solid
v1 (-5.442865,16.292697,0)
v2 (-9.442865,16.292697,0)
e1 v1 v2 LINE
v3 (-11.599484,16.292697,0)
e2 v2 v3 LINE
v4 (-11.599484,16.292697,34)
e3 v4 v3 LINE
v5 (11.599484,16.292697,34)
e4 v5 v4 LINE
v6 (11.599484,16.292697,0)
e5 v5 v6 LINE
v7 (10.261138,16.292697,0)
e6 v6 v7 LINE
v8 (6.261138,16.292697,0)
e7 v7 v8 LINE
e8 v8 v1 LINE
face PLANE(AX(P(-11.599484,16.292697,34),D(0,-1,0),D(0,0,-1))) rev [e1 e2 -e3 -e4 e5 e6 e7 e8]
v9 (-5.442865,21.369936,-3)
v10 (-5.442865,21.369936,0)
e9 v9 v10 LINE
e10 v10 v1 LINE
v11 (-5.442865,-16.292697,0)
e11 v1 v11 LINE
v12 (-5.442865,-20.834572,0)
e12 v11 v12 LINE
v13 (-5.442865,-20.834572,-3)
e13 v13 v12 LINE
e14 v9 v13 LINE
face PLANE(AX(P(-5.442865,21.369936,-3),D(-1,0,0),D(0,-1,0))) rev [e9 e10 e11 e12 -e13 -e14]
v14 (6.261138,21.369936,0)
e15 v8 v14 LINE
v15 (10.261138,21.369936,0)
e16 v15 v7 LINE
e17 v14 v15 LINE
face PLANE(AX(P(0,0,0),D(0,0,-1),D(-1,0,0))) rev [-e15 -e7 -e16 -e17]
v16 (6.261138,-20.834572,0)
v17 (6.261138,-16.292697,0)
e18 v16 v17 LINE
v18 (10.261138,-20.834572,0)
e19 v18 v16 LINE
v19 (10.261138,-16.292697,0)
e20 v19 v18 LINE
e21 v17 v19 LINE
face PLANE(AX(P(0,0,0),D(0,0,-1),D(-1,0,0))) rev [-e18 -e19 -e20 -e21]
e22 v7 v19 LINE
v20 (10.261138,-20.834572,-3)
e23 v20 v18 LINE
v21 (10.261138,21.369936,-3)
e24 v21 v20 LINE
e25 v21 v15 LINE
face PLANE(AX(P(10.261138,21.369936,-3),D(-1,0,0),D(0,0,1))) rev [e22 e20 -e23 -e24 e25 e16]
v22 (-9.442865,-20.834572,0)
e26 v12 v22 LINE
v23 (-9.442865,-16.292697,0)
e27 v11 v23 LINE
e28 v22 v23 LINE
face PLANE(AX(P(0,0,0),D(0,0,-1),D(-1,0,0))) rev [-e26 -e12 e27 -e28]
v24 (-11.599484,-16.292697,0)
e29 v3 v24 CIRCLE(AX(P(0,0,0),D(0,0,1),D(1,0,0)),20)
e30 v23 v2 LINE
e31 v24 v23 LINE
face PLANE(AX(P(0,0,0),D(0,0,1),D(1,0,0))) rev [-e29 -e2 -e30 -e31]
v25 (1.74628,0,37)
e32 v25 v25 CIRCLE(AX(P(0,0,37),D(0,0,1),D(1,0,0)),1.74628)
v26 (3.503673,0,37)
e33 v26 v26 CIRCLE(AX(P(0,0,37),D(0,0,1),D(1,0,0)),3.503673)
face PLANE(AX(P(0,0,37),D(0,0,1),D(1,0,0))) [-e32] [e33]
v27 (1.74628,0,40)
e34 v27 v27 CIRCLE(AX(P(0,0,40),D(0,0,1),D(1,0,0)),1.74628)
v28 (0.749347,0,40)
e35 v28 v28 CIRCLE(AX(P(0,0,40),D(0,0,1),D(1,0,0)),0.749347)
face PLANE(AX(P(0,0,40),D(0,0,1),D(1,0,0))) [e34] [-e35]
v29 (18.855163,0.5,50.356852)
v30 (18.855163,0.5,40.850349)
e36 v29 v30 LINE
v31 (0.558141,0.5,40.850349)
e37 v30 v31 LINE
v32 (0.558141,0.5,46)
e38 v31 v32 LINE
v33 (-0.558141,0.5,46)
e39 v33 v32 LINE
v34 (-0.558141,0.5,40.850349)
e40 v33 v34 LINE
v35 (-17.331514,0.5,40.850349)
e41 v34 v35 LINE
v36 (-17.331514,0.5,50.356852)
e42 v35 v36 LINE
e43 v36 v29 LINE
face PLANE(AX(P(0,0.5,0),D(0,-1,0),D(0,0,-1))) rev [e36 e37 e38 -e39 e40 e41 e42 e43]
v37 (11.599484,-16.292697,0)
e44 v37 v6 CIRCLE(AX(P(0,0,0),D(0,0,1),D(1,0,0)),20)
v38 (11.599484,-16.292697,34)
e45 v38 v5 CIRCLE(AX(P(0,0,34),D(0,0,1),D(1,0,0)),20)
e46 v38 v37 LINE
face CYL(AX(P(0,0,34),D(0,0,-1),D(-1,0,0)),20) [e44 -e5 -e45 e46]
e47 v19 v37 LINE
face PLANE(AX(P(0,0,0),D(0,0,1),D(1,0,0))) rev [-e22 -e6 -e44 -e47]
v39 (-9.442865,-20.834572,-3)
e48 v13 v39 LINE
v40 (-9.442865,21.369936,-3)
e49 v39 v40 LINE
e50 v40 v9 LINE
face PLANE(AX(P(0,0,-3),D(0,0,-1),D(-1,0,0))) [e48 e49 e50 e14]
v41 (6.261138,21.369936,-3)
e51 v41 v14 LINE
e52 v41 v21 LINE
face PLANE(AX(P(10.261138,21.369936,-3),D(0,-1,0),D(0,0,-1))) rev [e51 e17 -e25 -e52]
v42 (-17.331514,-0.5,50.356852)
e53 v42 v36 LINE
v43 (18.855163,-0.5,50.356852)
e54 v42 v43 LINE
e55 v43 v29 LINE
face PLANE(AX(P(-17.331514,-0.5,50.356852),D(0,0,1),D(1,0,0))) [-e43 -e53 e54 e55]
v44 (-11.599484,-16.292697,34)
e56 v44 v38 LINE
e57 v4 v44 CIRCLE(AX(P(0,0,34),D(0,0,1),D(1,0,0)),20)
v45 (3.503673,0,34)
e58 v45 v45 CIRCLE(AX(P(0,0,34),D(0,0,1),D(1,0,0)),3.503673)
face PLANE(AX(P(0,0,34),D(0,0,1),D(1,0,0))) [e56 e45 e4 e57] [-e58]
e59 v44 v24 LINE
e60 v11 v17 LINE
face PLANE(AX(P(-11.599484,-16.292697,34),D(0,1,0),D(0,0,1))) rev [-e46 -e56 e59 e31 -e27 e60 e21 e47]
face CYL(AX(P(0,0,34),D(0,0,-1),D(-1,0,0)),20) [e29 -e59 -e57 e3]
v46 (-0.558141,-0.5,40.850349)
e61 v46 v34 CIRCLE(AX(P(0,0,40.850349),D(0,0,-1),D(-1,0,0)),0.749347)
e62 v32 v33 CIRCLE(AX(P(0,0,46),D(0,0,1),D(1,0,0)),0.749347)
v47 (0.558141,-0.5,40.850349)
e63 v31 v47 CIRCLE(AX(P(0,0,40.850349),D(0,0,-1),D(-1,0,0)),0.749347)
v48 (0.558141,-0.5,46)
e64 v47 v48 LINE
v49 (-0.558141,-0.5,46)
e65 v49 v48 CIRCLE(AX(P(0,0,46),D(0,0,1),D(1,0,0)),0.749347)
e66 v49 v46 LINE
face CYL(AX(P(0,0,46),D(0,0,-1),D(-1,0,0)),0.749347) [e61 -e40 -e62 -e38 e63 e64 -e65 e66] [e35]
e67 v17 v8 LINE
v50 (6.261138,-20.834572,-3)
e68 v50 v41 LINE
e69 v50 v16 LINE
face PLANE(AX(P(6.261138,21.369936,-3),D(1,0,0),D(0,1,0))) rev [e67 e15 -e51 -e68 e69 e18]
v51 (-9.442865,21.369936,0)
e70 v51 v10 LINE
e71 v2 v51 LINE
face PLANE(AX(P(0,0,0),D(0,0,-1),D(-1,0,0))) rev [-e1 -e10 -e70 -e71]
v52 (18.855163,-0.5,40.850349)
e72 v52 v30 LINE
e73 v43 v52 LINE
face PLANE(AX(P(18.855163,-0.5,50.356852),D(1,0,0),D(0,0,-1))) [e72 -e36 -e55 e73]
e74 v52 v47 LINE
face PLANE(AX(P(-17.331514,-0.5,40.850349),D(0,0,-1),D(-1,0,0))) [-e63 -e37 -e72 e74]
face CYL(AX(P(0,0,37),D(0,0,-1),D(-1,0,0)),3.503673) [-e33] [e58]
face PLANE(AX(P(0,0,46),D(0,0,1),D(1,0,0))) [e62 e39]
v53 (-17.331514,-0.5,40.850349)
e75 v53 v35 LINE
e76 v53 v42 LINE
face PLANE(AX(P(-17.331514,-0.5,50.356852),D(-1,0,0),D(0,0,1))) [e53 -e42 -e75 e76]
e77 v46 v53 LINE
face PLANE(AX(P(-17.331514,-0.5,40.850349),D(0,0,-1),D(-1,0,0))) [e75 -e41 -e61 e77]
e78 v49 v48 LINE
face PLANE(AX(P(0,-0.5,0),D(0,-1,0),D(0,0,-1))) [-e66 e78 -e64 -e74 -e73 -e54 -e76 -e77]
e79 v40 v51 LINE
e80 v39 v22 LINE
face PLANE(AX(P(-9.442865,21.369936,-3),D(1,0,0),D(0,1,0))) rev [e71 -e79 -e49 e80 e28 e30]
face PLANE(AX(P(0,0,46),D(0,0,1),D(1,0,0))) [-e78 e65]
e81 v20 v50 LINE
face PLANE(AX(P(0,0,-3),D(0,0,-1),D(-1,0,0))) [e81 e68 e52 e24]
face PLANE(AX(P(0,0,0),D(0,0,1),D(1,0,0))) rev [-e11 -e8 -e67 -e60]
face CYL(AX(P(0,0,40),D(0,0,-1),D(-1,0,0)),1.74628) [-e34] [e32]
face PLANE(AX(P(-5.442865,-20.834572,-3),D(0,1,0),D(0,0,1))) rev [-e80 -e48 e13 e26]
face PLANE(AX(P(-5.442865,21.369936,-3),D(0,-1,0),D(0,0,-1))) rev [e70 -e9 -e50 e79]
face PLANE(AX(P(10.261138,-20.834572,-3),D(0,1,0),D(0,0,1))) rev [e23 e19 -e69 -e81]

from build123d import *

# Parameters (mm, degrees)
BOSS_EXTRUDE1_DEPTH      = 34
SKETCH2_R                = 3.503672553
BOSS_EXTRUDE2_DEPTH      = 3
SKETCH3_R                = 1.746279777
BOSS_EXTRUDE3_DEPTH      = 3
SKETCH4_R                = 0.749347306
BOSS_EXTRUDE4_DEPTH      = 6
SKETCH5_W                = 4
SKETCH5_H                = 42.204508387
BOSS_EXTRUDE5_DEPTH      = 3
BOSS_EXTRUDE7_DEPTH      = 0.5
BOSS_EXTRUDE7_DEPTH_BACK = 0.5
SKETCH7_W                = 36.186676628
SKETCH7_H                = 9.506502519


with BuildPart() as part:
    # Sketch1 → Boss-Extrude1 (new body)
    with BuildSketch(Plane.XY):
        with BuildLine():
            Line((-11.599484275, 16.292696663), (11.599484275, 16.292696663))
            ThreePointArc((11.599484275, 16.292696663), (20, 0), (11.599484275, -16.292696663))
            Line((11.599484275, -16.292696663), (-11.599484275, -16.292696663))
            ThreePointArc((-11.599484275, -16.292696663), (-20, 0), (-11.599484275, 16.292696663))
        make_face()
    extrude(amount=BOSS_EXTRUDE1_DEPTH)

    # Sketch2 → Boss-Extrude2 (add)
    with BuildSketch(Plane.XY.offset(34)):
        Circle(SKETCH2_R)
    extrude(amount=BOSS_EXTRUDE2_DEPTH)

    # Sketch3 → Boss-Extrude3 (add)
    with BuildSketch(Plane.XY.offset(37)):
        Circle(SKETCH3_R)
    extrude(amount=BOSS_EXTRUDE3_DEPTH)

    # Sketch4 → Boss-Extrude4 (add)
    with BuildSketch(Plane.XY.offset(40)):
        Circle(SKETCH4_R)
    extrude(amount=BOSS_EXTRUDE4_DEPTH)

    # Sketch5 → Boss-Extrude5 (add)
    with BuildSketch(Plane(origin=(0, 0, 0), x_dir=(-1, 0, 0), z_dir=(0, 0, -1))):
        with Locations((-8.261138403, 0.267681872)):
            Rectangle(SKETCH5_W, SKETCH5_H)
        with Locations((7.442864718, 0.267681872)):
            Rectangle(SKETCH5_W, SKETCH5_H)
    extrude(amount=BOSS_EXTRUDE5_DEPTH)

    # Sketch7 → Boss-Extrude7 (add, two sides: drawn at the far end of the back side and taken through both)
    with BuildSketch(Plane(origin=(0, 0, 0), x_dir=(1, 0, 0), z_dir=(0, 1, 0)).offset(-BOSS_EXTRUDE7_DEPTH_BACK)):
        with Locations((0.761824771, -45.603600446)):
            Rectangle(SKETCH7_W, SKETCH7_H)
    extrude(amount=BOSS_EXTRUDE7_DEPTH + BOSS_EXTRUDE7_DEPTH_BACK)


solid = part.part
